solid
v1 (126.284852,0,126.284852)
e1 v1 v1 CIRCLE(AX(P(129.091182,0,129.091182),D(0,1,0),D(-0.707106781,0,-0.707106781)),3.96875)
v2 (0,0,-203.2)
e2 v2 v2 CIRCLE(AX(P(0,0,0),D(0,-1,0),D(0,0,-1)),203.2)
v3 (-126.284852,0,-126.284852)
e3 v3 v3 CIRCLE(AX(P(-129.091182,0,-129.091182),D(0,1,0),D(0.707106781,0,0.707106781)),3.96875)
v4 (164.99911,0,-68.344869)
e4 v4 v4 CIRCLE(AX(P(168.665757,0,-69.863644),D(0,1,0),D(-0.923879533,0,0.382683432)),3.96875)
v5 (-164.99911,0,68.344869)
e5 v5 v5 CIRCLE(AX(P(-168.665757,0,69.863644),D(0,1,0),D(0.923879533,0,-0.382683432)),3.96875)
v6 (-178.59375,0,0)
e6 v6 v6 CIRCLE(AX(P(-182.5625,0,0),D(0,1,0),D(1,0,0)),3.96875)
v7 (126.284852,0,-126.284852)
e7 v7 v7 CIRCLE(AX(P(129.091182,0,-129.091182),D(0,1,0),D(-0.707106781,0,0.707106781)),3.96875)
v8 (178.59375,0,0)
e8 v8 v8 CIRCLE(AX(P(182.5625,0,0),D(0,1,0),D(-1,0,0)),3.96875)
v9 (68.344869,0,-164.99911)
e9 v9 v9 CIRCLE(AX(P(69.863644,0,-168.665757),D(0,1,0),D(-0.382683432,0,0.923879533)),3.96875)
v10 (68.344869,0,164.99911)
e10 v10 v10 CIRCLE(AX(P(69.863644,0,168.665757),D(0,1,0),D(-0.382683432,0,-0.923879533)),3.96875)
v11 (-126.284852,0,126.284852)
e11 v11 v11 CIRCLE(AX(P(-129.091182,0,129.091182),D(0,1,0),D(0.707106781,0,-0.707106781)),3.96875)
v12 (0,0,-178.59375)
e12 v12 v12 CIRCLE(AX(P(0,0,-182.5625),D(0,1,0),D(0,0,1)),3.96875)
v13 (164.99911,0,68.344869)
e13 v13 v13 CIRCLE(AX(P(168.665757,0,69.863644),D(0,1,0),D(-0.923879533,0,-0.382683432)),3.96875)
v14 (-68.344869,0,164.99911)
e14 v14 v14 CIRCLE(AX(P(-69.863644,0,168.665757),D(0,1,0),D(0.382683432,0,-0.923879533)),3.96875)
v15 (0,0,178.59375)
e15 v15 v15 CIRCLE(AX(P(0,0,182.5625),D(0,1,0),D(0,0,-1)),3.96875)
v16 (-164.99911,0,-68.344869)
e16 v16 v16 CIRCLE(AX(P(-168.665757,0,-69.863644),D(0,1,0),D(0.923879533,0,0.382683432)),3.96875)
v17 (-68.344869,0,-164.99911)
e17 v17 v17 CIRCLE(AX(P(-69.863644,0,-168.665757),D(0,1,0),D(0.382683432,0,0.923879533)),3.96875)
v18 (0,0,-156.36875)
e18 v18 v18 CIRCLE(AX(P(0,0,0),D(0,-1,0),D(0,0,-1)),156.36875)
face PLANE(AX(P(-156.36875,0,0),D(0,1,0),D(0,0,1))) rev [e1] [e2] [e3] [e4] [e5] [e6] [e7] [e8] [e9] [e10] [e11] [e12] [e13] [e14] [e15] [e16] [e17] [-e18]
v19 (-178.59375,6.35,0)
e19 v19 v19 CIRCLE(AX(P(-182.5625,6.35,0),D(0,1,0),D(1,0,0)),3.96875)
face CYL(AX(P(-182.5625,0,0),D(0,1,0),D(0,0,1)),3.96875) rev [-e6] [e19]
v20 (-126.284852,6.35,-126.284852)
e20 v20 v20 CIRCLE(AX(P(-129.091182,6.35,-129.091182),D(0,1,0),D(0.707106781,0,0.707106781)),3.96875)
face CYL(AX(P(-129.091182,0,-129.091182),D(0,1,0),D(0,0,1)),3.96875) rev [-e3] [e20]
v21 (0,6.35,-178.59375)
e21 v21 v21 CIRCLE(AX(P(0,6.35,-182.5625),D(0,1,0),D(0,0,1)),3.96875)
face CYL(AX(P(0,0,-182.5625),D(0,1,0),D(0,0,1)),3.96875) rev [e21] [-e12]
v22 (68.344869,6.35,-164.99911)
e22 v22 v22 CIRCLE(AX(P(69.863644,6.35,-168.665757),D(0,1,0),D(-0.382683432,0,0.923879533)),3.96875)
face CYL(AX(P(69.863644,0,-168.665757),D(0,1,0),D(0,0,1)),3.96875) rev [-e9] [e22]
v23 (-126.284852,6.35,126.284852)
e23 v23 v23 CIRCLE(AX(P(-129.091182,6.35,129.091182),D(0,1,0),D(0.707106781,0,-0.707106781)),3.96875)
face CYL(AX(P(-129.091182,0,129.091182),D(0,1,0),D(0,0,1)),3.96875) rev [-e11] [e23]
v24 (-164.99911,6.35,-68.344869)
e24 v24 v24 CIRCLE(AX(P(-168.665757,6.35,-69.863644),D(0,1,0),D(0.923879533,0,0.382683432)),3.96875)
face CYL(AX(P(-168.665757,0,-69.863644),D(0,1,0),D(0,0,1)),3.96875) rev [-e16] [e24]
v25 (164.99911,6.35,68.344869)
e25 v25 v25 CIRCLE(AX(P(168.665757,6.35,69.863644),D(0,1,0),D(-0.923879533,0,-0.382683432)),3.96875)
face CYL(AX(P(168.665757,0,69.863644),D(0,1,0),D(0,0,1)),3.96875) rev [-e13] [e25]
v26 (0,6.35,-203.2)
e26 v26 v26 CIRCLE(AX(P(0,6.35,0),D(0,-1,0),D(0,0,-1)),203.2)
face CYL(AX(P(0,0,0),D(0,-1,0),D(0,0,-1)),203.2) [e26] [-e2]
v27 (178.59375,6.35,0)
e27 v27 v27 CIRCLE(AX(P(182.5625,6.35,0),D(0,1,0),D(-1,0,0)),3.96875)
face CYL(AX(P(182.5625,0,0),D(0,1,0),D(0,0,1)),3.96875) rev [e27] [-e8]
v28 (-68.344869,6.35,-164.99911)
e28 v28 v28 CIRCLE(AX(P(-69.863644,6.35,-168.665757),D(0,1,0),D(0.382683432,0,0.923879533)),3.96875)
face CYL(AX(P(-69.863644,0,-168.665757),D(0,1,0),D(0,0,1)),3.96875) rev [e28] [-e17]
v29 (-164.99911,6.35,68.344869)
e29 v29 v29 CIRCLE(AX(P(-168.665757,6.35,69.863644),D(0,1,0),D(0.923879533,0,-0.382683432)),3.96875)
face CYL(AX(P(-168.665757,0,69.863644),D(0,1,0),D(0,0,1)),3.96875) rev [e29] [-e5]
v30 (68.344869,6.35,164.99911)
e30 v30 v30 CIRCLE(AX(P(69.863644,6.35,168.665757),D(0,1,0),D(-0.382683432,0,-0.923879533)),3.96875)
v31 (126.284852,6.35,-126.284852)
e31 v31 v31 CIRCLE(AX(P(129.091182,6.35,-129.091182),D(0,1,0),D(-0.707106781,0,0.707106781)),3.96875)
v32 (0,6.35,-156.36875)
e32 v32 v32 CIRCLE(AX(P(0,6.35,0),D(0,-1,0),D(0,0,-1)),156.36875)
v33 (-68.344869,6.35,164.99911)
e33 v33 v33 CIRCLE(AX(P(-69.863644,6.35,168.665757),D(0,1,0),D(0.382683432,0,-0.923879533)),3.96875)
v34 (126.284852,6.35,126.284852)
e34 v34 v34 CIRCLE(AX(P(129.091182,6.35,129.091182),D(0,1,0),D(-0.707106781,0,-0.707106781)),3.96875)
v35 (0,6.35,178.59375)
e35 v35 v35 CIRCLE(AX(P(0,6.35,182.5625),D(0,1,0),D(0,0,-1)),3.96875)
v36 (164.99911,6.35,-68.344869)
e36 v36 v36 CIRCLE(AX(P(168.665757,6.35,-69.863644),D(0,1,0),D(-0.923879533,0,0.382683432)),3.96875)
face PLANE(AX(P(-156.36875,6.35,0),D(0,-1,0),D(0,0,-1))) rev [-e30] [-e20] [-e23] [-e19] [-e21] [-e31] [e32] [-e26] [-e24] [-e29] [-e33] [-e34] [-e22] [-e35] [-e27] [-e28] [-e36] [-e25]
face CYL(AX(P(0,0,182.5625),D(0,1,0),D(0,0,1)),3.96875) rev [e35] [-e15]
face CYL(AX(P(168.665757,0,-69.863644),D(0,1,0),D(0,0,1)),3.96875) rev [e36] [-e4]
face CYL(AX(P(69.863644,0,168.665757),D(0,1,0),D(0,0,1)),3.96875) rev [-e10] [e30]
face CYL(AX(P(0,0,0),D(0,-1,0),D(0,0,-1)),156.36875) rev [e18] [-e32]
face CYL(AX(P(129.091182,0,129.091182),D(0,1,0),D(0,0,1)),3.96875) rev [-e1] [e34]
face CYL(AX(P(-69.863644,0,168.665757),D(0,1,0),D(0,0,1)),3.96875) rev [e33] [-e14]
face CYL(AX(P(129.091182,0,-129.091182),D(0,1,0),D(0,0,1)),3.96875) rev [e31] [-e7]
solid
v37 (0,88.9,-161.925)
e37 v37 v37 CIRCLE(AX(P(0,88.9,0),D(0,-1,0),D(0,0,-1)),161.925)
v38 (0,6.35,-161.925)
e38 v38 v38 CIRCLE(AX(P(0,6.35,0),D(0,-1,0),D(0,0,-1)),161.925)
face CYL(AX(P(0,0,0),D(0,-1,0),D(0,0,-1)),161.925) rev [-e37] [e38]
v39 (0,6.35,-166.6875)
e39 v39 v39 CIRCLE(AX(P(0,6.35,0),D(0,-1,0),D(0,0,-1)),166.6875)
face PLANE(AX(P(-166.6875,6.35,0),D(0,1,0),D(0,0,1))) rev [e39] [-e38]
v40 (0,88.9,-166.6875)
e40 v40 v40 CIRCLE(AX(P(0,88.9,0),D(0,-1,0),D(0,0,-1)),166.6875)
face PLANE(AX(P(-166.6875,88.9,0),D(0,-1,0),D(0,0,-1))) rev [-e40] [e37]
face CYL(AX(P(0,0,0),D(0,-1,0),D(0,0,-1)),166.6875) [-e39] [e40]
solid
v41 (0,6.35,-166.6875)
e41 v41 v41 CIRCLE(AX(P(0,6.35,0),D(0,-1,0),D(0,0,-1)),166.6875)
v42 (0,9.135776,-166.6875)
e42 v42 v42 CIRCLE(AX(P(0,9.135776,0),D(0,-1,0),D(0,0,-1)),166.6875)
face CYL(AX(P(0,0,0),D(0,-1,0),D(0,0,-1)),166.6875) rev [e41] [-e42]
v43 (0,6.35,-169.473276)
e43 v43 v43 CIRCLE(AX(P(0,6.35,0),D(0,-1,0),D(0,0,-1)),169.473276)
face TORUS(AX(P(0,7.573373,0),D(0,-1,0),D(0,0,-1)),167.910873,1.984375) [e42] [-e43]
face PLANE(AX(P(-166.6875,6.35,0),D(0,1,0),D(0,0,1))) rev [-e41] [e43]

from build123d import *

# Parameters (mm, degrees)
SKETCH1_W          = 46.83125
SKETCH1_H          = 6.35
SKETCH2_W          = 4.7625
SKETCH2_H          = 82.55
SKETCH4_R          = 3.96875
CUT_EXTRUDE1_DEPTH = 7.35
CIRPATTERN1_COUNT  = 16


with BuildPart() as part:
    # Sketch1 → Revolve1 (revolve)
    with BuildSketch(Plane.XY, mode=Mode.PRIVATE) as revolve1_sk:
        with Locations((-179.784375, 3.175)):
            Rectangle(SKETCH1_W, SKETCH1_H)
    revolve(revolve1_sk.sketch.rotate(Axis((0, 0, 0), (0, 1, 0)), 270), axis=Axis((0, 0, 0), (0, 1, 0)))  # turned: the seam where the file's is

    # Sketch4 → Cut-Extrude1 (cut, through all)
    with BuildSketch(Plane(origin=(0, 6.35, 0), x_dir=(1, 0, 0), z_dir=(0, 1, 0))):
        with Locations(Location((0, 182.5625, 0), (0, 0, 270))):  # turned: the seam where the file's is
            Circle(SKETCH4_R)
    cut_extrude1 = extrude(amount=-CUT_EXTRUDE1_DEPTH, mode=Mode.SUBTRACT)

    # CirPattern1: Cut-Extrude1 ×16 about axis
    cirpattern1_axis = Axis((0, 0, 0), (0, 1, 0))
    for i in range(1, CIRPATTERN1_COUNT):
        add(cut_extrude1.rotate(cirpattern1_axis, i * 360 / CIRPATTERN1_COUNT), mode=Mode.SUBTRACT)


with BuildPart() as body_2:
    # Sketch2 → Revolve2 (revolve)
    with BuildSketch(Plane.XY, mode=Mode.PRIVATE) as revolve2_sk:
        with Locations((-164.30625, 47.625)):
            Rectangle(SKETCH2_W, SKETCH2_H)
    revolve(revolve2_sk.sketch.rotate(Axis((0, 0, 0), (0, 1, 0)), 270), axis=Axis((0, 0, 0), (0, 1, 0)))  # turned: the seam where the file's is


with BuildPart() as body_3:
    # Sketch3 → Revolve3 (revolve)
    with BuildSketch(Plane.XY, mode=Mode.PRIVATE) as revolve3_sk:
        with BuildLine():
            Line((-166.6875, 6.35), (-169.473275819, 6.35))
            ThreePointArc((-169.473275819, 6.35), (-169.314037909, 8.976537909), (-166.6875, 9.135775819))
            Line((-166.6875, 9.135775819), (-166.6875, 6.35))
        make_face()
    revolve(revolve3_sk.sketch.rotate(Axis((0, 0, 0), (0, 1, 0)), 270), axis=Axis((0, 0, 0), (0, 1, 0)))  # turned: the seam where the file's is


solid = Compound([part.part, body_2.part, body_3.part])
